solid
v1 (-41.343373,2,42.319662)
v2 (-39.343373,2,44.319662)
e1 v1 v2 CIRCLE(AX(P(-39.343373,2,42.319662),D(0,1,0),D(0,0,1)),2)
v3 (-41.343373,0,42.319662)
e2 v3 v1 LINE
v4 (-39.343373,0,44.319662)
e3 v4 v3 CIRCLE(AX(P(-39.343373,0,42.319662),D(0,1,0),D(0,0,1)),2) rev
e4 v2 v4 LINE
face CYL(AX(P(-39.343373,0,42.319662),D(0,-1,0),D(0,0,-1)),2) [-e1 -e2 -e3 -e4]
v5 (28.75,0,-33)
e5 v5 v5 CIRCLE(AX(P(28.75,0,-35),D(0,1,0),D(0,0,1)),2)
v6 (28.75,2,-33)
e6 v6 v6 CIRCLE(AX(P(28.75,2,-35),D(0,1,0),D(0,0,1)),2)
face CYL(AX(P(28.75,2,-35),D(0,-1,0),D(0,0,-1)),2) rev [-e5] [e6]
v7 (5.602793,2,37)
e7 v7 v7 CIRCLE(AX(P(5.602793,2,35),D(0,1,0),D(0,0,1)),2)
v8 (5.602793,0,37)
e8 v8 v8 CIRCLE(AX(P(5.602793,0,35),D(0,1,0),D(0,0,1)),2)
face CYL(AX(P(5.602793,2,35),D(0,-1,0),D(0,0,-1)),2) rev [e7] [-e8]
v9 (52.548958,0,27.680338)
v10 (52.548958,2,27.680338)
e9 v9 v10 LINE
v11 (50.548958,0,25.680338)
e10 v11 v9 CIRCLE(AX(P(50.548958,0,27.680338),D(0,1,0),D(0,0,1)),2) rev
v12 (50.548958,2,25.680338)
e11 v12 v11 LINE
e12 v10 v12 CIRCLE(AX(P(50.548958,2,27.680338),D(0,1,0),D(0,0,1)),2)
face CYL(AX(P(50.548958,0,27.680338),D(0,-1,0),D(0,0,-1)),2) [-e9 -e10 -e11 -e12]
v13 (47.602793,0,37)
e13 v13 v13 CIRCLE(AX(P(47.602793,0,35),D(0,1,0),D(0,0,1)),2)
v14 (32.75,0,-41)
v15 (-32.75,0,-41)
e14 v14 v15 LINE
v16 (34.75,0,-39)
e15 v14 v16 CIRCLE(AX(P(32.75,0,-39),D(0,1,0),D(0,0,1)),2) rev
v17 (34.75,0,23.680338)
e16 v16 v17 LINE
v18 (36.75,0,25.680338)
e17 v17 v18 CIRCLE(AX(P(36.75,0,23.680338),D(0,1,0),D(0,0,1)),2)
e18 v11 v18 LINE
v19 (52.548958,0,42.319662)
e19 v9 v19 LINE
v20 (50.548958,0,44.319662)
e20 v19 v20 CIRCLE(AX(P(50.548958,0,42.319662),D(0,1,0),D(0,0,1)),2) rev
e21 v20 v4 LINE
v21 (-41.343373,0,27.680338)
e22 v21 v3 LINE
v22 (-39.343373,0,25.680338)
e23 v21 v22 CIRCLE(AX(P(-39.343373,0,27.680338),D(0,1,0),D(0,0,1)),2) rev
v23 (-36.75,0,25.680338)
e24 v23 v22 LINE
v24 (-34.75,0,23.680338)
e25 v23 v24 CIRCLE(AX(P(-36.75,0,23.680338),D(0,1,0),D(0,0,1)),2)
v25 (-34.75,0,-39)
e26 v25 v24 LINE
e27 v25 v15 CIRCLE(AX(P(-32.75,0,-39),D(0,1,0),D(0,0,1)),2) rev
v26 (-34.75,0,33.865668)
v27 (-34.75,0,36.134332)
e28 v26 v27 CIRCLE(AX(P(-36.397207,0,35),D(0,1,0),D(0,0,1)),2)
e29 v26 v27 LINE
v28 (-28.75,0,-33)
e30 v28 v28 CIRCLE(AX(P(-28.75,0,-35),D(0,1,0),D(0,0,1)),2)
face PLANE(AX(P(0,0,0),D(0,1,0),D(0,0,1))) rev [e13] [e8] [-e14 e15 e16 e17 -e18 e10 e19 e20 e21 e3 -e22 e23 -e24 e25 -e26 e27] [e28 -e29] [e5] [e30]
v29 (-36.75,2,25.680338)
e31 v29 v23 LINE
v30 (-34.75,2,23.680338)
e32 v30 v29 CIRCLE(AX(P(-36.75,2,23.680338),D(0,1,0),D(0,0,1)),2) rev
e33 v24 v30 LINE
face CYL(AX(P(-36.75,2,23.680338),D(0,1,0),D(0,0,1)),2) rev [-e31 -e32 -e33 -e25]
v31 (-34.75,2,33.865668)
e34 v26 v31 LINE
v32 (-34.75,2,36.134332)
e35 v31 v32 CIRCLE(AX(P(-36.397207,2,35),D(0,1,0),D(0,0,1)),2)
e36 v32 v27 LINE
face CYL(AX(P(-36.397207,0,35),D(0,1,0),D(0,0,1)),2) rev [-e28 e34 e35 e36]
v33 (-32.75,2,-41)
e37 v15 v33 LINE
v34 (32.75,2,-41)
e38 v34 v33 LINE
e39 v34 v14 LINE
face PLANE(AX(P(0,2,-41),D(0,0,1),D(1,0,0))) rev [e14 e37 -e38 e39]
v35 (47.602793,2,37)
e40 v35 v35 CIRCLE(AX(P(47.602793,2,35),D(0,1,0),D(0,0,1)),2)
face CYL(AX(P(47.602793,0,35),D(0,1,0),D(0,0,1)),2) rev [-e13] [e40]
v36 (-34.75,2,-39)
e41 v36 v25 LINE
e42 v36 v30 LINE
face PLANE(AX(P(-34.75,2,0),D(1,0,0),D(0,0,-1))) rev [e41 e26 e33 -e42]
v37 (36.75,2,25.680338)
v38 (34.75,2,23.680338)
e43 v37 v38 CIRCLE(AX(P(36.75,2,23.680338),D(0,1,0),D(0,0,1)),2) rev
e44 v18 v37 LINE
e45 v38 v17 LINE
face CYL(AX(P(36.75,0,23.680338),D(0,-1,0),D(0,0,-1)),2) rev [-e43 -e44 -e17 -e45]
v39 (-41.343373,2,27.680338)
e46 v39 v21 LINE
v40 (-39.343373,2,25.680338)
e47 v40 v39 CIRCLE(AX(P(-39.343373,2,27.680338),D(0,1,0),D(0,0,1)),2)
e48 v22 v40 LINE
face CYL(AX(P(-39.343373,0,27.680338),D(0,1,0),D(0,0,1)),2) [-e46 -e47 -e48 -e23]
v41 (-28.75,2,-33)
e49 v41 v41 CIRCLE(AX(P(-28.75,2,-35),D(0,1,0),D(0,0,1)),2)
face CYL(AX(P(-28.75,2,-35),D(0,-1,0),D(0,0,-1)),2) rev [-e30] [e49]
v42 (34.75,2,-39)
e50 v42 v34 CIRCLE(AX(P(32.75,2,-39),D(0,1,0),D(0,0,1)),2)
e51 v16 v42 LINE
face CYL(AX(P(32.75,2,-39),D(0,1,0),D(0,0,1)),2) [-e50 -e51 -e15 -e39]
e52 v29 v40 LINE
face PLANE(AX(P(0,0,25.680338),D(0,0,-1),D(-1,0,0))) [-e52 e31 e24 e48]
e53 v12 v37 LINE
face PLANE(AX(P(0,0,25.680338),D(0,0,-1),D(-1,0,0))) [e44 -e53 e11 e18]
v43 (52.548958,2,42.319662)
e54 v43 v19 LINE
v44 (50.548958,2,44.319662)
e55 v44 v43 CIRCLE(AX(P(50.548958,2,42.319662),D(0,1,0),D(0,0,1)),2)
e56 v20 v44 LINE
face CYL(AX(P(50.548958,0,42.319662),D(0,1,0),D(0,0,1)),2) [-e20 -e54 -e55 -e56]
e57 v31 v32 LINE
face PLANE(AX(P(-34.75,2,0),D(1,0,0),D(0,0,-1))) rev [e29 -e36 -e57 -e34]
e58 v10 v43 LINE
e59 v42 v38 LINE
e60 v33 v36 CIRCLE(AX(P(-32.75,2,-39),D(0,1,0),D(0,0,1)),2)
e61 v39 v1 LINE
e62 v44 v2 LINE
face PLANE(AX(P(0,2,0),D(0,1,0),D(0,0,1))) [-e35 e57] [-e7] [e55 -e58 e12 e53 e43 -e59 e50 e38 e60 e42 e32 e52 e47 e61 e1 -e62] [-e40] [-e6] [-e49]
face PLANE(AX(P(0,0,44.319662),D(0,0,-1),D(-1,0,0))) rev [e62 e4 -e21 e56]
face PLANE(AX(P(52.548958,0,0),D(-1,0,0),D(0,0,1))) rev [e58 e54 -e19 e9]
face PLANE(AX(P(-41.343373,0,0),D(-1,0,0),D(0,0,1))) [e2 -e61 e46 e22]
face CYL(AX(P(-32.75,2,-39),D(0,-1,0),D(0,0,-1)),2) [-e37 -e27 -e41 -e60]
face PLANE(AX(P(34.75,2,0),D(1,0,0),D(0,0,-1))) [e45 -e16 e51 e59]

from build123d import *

# Parameters (mm, degrees)
SKETCH1_W           = 69.5
SKETCH1_H           = 82
BOSS_EXTRUDE1_DEPTH = 2
BOSS_EXTRUDE3_START = -2
BOSS_EXTRUDE3_DEPTH = 2
FILLET1_R           = 2


with BuildPart() as part:
    # Sketch1 → Boss-Extrude1 (new body)
    # profile 1 of 2: a face of its own
    with BuildSketch(Plane(origin=(0, 0, 0), x_dir=(1, 0, 0), z_dir=(0, 1, 0))):
        Rectangle(SKETCH1_W, SKETCH1_H)
        with BuildLine():
            ThreePointArc((7.602792708, -35), (5.602792708, -37), (3.602792708, -35))
            Line((3.602792708, -35), (-28.75, -35))
            Line((-28.75, -35), (-28.75, 33))
            ThreePointArc((-28.75, 33), (-30.164213562, 36.414213562), (-26.75, 35))
            Line((-26.75, 35), (26.75, 35))
            ThreePointArc((26.75, 35), (28.75, 37), (30.75, 35))
            ThreePointArc((30.75, 35), (30.164213562, 33.585786438), (28.75, 33))
            Line((28.75, 33), (28.75, -35))
            Line((28.75, -35), (7.602792708, -35))
        make_face(mode=Mode.SUBTRACT)
    # profile 2 of 2: a face of its own
    with BuildSketch(Plane(origin=(0, 0, 0), x_dir=(1, 0, 0), z_dir=(0, 1, 0))):
        with BuildLine():
            Line((-28.75, -35), (3.602792708, -35))
            ThreePointArc((3.602792708, -35), (5.602792708, -33), (7.602792708, -35))
            Line((7.602792708, -35), (28.75, -35))
            Line((28.75, -35), (28.75, 33))
            ThreePointArc((28.75, 33), (27.335786438, 33.585786438), (26.75, 35))
            Line((26.75, 35), (-26.75, 35))
            ThreePointArc((-26.75, 35), (-27.335786438, 33.585786438), (-28.75, 33))
            Line((-28.75, 33), (-28.75, -35))
        make_face()
    extrude(amount=BOSS_EXTRUDE1_DEPTH)

    # Sketch2 → Boss-Extrude3 (add)
    with BuildSketch(Plane(origin=(0, 2, 0), x_dir=(1, 0, 0), z_dir=(0, 1, 0)).offset(BOSS_EXTRUDE3_START)):
        with BuildLine():
            Line((47.602792708, -40.964572004), (34.75, -40.964572004))
            Line((34.75, -40.964572004), (34.75, -41))
            Line((34.75, -41), (-34.75, -41))
            Line((-34.75, -41), (-34.75, -40.964572004))
            Line((-34.75, -40.964572004), (-36.397207292, -40.964572004))
            Line((-36.397207292, -40.964572004), (-36.397207292, -37))
            ThreePointArc((-36.397207292, -37), (-38.397207292, -35), (-36.397207292, -33))
            Line((-36.397207292, -33), (-36.397207292, -29.035427996))
            Line((-36.397207292, -29.035427996), (-34.75, -29.035427996))
            Line((-34.75, -29.035427996), (-34.75, -25.680337555))
            Line((-34.75, -25.680337555), (-41.343372537, -25.680337555))
            Line((-41.343372537, -25.680337555), (-41.343372537, -44.319662445))
            Line((-41.343372537, -44.319662445), (52.548957953, -44.319662445))
            Line((52.548957953, -44.319662445), (52.548957953, -25.680337555))
            Line((52.548957953, -25.680337555), (34.75, -25.680337555))
            Line((34.75, -25.680337555), (34.75, -29.035427996))
            Line((34.75, -29.035427996), (47.602792708, -29.035427996))
            Line((47.602792708, -29.035427996), (47.602792708, -33))
            ThreePointArc((47.602792708, -33), (49.01700627, -33.585786438), (49.602792708, -35))
            ThreePointArc((49.602792708, -35), (49.01700627, -36.414213562), (47.602792708, -37))
            Line((47.602792708, -37), (47.602792708, -40.964572004))
        make_face()
        with BuildLine():
            ThreePointArc((7.602792708, -35), (5.602792708, -37), (3.602792708, -35))
            Line((3.602792708, -35), (-34.397207292, -35))
            ThreePointArc((-34.397207292, -35), (-34.487441, -35.593963558), (-34.75, -36.134331582))
            Line((-34.75, -36.134331582), (-34.75, -40.964572004))
            Line((-34.75, -40.964572004), (34.75, -40.964572004))
            Line((34.75, -40.964572004), (34.75, -35))
            Line((34.75, -35), (7.602792708, -35))
        make_face()
        with BuildLine():
            Line((-34.397207292, -35), (3.602792708, -35))
            ThreePointArc((3.602792708, -35), (5.602792708, -33), (7.602792708, -35))
            Line((7.602792708, -35), (34.75, -35))
            Line((34.75, -35), (34.75, -29.035427996))
            Line((34.75, -29.035427996), (-34.75, -29.035427996))
            Line((-34.75, -29.035427996), (-34.75, -33.865668418))
            ThreePointArc((-34.75, -33.865668418), (-34.487441, -34.406036442), (-34.397207292, -35))
        make_face()
        with BuildLine():
            Line((45.602792708, -35), (34.75, -35))
            Line((34.75, -35), (34.75, -40.964572004))
            Line((34.75, -40.964572004), (47.602792708, -40.964572004))
            Line((47.602792708, -40.964572004), (47.602792708, -37))
            ThreePointArc((47.602792708, -37), (46.188579146, -36.414213562), (45.602792708, -35))
        make_face()
        with BuildLine():
            Line((34.75, -29.035427996), (34.75, -35))
            Line((34.75, -35), (45.602792708, -35))
            ThreePointArc((45.602792708, -35), (46.188579146, -33.585786438), (47.602792708, -33))
            Line((47.602792708, -33), (47.602792708, -29.035427996))
            Line((47.602792708, -29.035427996), (34.75, -29.035427996))
        make_face()
        with BuildLine():
            Line((-34.75, -40.964572004), (-34.75, -36.134331582))
            ThreePointArc((-34.75, -36.134331582), (-35.466794256, -36.770404355), (-36.397207292, -37))
            Line((-36.397207292, -37), (-36.397207292, -40.964572004))
            Line((-36.397207292, -40.964572004), (-34.75, -40.964572004))
        make_face()
        with BuildLine():
            ThreePointArc((-36.397207292, -33), (-35.466794256, -33.229595645), (-34.75, -33.865668418))
            Line((-34.75, -33.865668418), (-34.75, -29.035427996))
            Line((-34.75, -29.035427996), (-36.397207292, -29.035427996))
            Line((-36.397207292, -29.035427996), (-36.397207292, -33))
        make_face()
    extrude(amount=BOSS_EXTRUDE3_DEPTH)

    # Fillet1
    fillet1_edges = [part.edges().sort_by_distance(p)[0] for p in [
        (34.75, 1, -41),
        (-34.75, 1, -41),
        (34.75, 1, 25.680337555),
        (52.548957953, 1, 25.680337555),
        (52.548957953, 1, 44.319662445),
        (-41.343372537, 1, 44.319662445),
        (-41.343372537, 1, 25.680337555),
        (-34.75, 1, 25.680337555),
    ]]
    fillet(fillet1_edges, radius=FILLET1_R)


solid = part.part
